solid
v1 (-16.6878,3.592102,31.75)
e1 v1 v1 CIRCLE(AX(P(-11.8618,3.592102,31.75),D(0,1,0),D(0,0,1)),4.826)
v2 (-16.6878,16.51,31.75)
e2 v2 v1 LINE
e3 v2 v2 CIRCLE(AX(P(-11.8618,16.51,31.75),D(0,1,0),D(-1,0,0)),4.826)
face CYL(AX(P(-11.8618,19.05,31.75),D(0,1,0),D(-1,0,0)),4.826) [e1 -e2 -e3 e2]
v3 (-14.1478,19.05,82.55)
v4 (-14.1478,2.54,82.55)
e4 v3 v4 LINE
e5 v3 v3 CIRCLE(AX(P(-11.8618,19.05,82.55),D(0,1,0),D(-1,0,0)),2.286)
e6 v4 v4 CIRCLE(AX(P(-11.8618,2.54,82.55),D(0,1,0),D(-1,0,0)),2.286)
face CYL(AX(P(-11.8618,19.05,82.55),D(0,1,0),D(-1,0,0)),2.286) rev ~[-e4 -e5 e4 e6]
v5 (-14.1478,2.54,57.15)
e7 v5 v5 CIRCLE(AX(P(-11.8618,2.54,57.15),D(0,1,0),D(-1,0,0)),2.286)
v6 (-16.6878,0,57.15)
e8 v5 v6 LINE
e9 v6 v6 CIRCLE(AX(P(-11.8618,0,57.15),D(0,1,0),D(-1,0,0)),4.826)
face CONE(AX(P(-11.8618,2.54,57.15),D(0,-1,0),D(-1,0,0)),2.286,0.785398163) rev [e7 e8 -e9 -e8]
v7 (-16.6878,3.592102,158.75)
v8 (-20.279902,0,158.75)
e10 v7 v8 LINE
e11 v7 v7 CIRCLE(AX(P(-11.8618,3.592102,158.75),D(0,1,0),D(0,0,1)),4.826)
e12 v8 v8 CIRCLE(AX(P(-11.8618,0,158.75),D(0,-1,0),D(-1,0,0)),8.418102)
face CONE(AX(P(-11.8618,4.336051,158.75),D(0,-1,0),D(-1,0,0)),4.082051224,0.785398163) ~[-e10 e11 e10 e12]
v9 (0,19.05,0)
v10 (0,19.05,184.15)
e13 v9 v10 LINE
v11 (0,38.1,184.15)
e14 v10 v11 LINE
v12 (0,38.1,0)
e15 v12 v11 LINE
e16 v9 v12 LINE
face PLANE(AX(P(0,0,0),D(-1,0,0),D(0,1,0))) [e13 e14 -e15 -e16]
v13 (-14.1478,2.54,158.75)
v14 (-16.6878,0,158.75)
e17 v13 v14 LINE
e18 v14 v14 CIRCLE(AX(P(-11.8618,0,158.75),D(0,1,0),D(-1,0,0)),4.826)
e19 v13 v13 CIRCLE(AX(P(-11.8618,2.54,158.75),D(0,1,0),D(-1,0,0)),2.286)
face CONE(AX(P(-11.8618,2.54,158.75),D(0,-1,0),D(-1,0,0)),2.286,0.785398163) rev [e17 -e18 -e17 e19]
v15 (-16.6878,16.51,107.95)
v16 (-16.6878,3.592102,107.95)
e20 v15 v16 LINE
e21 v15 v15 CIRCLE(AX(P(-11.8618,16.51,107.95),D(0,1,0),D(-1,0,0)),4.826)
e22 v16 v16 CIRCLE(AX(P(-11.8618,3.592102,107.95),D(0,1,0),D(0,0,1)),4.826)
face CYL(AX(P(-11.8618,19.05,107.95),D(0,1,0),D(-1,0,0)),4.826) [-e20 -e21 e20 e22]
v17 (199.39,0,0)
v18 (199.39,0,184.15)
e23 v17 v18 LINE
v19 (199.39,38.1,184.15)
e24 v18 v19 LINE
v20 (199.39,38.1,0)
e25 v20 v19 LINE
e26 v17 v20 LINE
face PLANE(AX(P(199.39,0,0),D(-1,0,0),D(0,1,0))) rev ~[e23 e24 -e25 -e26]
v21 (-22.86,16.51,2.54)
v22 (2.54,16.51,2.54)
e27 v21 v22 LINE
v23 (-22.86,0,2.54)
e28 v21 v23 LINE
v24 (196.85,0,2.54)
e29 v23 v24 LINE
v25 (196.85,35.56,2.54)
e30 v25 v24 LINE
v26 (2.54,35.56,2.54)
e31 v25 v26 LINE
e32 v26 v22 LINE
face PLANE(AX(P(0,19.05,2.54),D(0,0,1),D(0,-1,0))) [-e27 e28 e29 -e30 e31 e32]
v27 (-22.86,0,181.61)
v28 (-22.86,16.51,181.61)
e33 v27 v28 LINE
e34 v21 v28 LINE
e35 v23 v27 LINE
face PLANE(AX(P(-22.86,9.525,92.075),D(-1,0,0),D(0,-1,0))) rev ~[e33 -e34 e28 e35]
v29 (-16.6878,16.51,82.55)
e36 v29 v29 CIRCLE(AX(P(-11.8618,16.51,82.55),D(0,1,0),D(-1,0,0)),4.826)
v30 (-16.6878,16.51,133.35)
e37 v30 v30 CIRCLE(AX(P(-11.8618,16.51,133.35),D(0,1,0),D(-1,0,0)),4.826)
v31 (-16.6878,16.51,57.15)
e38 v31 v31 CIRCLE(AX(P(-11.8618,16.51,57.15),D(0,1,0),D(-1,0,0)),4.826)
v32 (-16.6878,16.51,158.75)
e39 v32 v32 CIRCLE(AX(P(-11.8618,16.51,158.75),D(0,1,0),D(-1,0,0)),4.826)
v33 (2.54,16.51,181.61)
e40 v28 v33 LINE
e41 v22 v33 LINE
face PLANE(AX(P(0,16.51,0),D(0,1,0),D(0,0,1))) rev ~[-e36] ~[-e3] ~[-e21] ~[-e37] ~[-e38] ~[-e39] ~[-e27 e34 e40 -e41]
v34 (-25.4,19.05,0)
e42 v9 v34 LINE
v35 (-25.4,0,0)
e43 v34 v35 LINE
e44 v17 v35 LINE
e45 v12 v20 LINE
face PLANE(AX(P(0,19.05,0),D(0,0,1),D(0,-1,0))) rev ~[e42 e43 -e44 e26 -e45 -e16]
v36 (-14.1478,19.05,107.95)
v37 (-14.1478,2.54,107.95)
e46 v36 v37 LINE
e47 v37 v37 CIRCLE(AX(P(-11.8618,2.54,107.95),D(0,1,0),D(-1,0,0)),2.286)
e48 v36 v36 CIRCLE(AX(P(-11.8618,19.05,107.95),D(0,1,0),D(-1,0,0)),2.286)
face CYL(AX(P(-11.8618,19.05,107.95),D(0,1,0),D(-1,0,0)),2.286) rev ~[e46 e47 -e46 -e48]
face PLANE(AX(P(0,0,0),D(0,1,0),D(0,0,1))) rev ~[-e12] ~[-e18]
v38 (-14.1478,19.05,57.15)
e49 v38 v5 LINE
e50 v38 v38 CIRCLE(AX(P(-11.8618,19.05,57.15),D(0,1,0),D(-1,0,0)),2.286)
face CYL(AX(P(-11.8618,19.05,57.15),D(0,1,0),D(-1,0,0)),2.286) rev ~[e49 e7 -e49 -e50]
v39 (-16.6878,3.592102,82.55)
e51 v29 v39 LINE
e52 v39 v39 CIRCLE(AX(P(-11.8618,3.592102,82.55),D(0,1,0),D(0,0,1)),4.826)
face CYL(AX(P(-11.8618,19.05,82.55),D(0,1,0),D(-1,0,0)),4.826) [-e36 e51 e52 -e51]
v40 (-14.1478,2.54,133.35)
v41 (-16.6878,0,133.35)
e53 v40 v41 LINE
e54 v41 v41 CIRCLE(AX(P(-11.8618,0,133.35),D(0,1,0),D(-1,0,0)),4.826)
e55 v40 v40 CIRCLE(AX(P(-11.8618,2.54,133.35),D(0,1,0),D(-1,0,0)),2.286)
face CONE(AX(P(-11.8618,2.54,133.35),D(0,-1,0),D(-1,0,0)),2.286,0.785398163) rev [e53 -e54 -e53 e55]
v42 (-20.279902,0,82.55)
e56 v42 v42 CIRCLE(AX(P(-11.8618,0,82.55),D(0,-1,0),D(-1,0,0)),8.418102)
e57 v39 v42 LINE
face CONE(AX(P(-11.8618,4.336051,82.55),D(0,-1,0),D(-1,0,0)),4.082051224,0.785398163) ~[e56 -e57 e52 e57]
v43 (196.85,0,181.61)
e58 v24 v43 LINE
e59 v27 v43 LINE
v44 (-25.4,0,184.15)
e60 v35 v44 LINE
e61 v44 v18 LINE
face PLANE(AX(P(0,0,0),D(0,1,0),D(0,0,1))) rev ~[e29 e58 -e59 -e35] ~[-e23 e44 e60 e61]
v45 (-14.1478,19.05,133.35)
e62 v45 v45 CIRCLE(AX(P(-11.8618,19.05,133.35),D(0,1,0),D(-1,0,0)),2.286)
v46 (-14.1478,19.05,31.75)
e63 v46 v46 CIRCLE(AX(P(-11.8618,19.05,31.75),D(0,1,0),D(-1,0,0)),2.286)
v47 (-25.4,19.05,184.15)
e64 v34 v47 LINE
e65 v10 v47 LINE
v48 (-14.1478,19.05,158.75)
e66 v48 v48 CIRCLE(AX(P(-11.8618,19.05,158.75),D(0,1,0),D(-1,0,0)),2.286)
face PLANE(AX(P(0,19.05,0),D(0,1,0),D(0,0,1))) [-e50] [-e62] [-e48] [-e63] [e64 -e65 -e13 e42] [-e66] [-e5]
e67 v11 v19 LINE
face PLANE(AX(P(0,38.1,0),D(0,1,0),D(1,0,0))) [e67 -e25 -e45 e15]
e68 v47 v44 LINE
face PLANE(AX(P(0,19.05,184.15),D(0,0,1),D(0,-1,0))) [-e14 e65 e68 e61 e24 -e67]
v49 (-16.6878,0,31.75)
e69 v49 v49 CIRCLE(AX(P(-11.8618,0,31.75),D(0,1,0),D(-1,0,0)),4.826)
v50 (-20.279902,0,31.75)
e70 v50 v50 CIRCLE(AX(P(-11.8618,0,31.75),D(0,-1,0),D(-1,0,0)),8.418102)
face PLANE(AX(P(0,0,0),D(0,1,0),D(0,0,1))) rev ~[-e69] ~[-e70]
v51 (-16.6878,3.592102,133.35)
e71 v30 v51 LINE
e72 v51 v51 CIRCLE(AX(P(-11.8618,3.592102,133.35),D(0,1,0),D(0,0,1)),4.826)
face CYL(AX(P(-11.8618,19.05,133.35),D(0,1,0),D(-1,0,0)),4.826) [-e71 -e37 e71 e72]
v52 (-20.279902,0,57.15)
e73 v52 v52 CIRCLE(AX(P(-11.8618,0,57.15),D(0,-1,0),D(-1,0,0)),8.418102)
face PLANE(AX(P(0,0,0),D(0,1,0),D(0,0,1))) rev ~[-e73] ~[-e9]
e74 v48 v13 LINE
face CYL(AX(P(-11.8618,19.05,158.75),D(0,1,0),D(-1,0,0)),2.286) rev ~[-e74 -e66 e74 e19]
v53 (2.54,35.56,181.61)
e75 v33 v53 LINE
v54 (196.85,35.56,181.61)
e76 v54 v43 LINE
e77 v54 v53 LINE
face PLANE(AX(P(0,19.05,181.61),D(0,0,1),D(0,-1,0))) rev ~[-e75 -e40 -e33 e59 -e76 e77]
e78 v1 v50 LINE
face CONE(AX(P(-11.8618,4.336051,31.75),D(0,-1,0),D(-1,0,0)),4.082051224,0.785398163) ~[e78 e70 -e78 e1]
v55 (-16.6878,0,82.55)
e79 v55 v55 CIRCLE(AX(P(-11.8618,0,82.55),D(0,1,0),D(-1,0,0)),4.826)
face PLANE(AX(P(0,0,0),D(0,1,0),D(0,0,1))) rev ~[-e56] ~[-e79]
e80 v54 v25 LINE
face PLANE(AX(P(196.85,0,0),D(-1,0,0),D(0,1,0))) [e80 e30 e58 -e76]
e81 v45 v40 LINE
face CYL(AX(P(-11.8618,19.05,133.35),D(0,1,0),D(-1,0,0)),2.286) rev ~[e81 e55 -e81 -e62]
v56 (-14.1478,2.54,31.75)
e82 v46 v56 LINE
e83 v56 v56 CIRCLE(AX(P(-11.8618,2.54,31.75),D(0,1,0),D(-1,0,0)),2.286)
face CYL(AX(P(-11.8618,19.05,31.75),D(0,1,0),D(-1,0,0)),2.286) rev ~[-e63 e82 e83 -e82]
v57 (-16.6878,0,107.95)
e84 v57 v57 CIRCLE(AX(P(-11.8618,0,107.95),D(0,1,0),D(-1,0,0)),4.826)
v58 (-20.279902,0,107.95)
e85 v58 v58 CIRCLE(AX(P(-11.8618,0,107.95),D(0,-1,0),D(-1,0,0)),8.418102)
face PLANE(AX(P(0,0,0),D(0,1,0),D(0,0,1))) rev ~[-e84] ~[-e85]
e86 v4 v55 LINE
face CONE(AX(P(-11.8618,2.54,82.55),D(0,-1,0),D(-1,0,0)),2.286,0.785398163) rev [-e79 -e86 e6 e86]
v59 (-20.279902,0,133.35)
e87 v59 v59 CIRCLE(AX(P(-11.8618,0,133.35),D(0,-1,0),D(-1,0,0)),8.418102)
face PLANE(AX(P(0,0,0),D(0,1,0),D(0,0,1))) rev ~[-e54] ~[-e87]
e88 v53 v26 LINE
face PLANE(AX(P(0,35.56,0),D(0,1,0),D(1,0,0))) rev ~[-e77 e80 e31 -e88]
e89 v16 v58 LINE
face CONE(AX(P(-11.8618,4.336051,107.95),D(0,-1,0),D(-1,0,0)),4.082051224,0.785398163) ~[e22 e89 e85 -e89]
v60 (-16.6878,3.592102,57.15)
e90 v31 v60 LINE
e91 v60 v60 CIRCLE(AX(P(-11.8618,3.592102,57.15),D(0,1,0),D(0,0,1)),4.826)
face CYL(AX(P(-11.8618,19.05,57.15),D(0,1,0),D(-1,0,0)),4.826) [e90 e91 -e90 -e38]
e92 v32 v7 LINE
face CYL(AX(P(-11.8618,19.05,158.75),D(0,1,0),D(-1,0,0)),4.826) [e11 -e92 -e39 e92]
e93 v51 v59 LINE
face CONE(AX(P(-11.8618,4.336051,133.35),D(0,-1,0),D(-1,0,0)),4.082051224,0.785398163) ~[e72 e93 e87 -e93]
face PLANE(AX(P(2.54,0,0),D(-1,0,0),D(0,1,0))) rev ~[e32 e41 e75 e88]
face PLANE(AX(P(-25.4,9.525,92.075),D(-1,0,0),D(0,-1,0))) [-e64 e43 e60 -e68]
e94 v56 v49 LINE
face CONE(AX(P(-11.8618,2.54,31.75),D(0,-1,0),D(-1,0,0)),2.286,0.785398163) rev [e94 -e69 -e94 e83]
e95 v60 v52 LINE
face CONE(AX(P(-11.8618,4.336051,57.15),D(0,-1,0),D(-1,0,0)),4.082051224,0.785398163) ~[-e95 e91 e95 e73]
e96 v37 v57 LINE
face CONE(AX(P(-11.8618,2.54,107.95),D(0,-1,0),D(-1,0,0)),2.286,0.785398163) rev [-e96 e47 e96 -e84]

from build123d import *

# Parameters (mm, degrees)
F0_W     = 199.39
F0_H     = 38.1
F1_DEPTH = 184.15
F2_W     = 19.05
F2_H     = 184.15
F3_DEPTH = 25.4
F4_R     = 2.286
F5_DEPTH = 25.4
F6_SIZE  = 2.54
F7_T     = -2.54


with BuildPart() as f1:
    # F0 (on Top) → F1 (new body)
    with BuildSketch(Plane.XY):
        with Locations((99.695, 19.05)):
            Rectangle(F0_W, F0_H)
    extrude(amount=F1_DEPTH)

    # F2 (on face) → F3 (join)
    with BuildSketch(Plane(origin=(0, 0, 0), x_dir=(0, -1, 0), z_dir=(-1, 0, 0))):
        with Locations((-9.525, 92.075)):
            Rectangle(F2_W, F2_H)
    extrude(amount=F3_DEPTH)

    # F4 (on face) → F5 (cut)
    with BuildSketch(Plane(origin=(0, 19.05, 0), x_dir=(-1, 0, 0), z_dir=(0, 1, 0))):
        with Locations((11.8618, 158.75)):
            Circle(F4_R)
        with Locations((11.8618, 133.35)):
            Circle(F4_R)
        with Locations((11.8618, 107.95)):
            Circle(F4_R)
        with Locations((11.8618, 82.55)):
            Circle(F4_R)
        with Locations((11.8618, 57.15)):
            Circle(F4_R)
        with Locations((11.8618, 31.75)):
            Circle(F4_R)
    extrude(amount=-F5_DEPTH, mode=Mode.SUBTRACT)

    # F6
    f6_edges = [f1.edges().sort_by_distance(p)[0] for p in [
        (-9.5758, 0, 158.75),
        (-9.5758, 0, 133.35),
        (-9.5758, 0, 107.95),
        (-9.5758, 0, 82.55),
        (-9.5758, 0, 57.15),
        (-9.5758, 0, 31.75),
    ]]
    chamfer(f6_edges, length=F6_SIZE)

    # F7
    f7_openings = [f1.faces().sort_by_distance(p)[0] for p in [
        (88.054654, 0, 92.040967),
    ]]
    offset(amount=F7_T, openings=f7_openings, kind=Kind.INTERSECTION)


solid = f1.part
